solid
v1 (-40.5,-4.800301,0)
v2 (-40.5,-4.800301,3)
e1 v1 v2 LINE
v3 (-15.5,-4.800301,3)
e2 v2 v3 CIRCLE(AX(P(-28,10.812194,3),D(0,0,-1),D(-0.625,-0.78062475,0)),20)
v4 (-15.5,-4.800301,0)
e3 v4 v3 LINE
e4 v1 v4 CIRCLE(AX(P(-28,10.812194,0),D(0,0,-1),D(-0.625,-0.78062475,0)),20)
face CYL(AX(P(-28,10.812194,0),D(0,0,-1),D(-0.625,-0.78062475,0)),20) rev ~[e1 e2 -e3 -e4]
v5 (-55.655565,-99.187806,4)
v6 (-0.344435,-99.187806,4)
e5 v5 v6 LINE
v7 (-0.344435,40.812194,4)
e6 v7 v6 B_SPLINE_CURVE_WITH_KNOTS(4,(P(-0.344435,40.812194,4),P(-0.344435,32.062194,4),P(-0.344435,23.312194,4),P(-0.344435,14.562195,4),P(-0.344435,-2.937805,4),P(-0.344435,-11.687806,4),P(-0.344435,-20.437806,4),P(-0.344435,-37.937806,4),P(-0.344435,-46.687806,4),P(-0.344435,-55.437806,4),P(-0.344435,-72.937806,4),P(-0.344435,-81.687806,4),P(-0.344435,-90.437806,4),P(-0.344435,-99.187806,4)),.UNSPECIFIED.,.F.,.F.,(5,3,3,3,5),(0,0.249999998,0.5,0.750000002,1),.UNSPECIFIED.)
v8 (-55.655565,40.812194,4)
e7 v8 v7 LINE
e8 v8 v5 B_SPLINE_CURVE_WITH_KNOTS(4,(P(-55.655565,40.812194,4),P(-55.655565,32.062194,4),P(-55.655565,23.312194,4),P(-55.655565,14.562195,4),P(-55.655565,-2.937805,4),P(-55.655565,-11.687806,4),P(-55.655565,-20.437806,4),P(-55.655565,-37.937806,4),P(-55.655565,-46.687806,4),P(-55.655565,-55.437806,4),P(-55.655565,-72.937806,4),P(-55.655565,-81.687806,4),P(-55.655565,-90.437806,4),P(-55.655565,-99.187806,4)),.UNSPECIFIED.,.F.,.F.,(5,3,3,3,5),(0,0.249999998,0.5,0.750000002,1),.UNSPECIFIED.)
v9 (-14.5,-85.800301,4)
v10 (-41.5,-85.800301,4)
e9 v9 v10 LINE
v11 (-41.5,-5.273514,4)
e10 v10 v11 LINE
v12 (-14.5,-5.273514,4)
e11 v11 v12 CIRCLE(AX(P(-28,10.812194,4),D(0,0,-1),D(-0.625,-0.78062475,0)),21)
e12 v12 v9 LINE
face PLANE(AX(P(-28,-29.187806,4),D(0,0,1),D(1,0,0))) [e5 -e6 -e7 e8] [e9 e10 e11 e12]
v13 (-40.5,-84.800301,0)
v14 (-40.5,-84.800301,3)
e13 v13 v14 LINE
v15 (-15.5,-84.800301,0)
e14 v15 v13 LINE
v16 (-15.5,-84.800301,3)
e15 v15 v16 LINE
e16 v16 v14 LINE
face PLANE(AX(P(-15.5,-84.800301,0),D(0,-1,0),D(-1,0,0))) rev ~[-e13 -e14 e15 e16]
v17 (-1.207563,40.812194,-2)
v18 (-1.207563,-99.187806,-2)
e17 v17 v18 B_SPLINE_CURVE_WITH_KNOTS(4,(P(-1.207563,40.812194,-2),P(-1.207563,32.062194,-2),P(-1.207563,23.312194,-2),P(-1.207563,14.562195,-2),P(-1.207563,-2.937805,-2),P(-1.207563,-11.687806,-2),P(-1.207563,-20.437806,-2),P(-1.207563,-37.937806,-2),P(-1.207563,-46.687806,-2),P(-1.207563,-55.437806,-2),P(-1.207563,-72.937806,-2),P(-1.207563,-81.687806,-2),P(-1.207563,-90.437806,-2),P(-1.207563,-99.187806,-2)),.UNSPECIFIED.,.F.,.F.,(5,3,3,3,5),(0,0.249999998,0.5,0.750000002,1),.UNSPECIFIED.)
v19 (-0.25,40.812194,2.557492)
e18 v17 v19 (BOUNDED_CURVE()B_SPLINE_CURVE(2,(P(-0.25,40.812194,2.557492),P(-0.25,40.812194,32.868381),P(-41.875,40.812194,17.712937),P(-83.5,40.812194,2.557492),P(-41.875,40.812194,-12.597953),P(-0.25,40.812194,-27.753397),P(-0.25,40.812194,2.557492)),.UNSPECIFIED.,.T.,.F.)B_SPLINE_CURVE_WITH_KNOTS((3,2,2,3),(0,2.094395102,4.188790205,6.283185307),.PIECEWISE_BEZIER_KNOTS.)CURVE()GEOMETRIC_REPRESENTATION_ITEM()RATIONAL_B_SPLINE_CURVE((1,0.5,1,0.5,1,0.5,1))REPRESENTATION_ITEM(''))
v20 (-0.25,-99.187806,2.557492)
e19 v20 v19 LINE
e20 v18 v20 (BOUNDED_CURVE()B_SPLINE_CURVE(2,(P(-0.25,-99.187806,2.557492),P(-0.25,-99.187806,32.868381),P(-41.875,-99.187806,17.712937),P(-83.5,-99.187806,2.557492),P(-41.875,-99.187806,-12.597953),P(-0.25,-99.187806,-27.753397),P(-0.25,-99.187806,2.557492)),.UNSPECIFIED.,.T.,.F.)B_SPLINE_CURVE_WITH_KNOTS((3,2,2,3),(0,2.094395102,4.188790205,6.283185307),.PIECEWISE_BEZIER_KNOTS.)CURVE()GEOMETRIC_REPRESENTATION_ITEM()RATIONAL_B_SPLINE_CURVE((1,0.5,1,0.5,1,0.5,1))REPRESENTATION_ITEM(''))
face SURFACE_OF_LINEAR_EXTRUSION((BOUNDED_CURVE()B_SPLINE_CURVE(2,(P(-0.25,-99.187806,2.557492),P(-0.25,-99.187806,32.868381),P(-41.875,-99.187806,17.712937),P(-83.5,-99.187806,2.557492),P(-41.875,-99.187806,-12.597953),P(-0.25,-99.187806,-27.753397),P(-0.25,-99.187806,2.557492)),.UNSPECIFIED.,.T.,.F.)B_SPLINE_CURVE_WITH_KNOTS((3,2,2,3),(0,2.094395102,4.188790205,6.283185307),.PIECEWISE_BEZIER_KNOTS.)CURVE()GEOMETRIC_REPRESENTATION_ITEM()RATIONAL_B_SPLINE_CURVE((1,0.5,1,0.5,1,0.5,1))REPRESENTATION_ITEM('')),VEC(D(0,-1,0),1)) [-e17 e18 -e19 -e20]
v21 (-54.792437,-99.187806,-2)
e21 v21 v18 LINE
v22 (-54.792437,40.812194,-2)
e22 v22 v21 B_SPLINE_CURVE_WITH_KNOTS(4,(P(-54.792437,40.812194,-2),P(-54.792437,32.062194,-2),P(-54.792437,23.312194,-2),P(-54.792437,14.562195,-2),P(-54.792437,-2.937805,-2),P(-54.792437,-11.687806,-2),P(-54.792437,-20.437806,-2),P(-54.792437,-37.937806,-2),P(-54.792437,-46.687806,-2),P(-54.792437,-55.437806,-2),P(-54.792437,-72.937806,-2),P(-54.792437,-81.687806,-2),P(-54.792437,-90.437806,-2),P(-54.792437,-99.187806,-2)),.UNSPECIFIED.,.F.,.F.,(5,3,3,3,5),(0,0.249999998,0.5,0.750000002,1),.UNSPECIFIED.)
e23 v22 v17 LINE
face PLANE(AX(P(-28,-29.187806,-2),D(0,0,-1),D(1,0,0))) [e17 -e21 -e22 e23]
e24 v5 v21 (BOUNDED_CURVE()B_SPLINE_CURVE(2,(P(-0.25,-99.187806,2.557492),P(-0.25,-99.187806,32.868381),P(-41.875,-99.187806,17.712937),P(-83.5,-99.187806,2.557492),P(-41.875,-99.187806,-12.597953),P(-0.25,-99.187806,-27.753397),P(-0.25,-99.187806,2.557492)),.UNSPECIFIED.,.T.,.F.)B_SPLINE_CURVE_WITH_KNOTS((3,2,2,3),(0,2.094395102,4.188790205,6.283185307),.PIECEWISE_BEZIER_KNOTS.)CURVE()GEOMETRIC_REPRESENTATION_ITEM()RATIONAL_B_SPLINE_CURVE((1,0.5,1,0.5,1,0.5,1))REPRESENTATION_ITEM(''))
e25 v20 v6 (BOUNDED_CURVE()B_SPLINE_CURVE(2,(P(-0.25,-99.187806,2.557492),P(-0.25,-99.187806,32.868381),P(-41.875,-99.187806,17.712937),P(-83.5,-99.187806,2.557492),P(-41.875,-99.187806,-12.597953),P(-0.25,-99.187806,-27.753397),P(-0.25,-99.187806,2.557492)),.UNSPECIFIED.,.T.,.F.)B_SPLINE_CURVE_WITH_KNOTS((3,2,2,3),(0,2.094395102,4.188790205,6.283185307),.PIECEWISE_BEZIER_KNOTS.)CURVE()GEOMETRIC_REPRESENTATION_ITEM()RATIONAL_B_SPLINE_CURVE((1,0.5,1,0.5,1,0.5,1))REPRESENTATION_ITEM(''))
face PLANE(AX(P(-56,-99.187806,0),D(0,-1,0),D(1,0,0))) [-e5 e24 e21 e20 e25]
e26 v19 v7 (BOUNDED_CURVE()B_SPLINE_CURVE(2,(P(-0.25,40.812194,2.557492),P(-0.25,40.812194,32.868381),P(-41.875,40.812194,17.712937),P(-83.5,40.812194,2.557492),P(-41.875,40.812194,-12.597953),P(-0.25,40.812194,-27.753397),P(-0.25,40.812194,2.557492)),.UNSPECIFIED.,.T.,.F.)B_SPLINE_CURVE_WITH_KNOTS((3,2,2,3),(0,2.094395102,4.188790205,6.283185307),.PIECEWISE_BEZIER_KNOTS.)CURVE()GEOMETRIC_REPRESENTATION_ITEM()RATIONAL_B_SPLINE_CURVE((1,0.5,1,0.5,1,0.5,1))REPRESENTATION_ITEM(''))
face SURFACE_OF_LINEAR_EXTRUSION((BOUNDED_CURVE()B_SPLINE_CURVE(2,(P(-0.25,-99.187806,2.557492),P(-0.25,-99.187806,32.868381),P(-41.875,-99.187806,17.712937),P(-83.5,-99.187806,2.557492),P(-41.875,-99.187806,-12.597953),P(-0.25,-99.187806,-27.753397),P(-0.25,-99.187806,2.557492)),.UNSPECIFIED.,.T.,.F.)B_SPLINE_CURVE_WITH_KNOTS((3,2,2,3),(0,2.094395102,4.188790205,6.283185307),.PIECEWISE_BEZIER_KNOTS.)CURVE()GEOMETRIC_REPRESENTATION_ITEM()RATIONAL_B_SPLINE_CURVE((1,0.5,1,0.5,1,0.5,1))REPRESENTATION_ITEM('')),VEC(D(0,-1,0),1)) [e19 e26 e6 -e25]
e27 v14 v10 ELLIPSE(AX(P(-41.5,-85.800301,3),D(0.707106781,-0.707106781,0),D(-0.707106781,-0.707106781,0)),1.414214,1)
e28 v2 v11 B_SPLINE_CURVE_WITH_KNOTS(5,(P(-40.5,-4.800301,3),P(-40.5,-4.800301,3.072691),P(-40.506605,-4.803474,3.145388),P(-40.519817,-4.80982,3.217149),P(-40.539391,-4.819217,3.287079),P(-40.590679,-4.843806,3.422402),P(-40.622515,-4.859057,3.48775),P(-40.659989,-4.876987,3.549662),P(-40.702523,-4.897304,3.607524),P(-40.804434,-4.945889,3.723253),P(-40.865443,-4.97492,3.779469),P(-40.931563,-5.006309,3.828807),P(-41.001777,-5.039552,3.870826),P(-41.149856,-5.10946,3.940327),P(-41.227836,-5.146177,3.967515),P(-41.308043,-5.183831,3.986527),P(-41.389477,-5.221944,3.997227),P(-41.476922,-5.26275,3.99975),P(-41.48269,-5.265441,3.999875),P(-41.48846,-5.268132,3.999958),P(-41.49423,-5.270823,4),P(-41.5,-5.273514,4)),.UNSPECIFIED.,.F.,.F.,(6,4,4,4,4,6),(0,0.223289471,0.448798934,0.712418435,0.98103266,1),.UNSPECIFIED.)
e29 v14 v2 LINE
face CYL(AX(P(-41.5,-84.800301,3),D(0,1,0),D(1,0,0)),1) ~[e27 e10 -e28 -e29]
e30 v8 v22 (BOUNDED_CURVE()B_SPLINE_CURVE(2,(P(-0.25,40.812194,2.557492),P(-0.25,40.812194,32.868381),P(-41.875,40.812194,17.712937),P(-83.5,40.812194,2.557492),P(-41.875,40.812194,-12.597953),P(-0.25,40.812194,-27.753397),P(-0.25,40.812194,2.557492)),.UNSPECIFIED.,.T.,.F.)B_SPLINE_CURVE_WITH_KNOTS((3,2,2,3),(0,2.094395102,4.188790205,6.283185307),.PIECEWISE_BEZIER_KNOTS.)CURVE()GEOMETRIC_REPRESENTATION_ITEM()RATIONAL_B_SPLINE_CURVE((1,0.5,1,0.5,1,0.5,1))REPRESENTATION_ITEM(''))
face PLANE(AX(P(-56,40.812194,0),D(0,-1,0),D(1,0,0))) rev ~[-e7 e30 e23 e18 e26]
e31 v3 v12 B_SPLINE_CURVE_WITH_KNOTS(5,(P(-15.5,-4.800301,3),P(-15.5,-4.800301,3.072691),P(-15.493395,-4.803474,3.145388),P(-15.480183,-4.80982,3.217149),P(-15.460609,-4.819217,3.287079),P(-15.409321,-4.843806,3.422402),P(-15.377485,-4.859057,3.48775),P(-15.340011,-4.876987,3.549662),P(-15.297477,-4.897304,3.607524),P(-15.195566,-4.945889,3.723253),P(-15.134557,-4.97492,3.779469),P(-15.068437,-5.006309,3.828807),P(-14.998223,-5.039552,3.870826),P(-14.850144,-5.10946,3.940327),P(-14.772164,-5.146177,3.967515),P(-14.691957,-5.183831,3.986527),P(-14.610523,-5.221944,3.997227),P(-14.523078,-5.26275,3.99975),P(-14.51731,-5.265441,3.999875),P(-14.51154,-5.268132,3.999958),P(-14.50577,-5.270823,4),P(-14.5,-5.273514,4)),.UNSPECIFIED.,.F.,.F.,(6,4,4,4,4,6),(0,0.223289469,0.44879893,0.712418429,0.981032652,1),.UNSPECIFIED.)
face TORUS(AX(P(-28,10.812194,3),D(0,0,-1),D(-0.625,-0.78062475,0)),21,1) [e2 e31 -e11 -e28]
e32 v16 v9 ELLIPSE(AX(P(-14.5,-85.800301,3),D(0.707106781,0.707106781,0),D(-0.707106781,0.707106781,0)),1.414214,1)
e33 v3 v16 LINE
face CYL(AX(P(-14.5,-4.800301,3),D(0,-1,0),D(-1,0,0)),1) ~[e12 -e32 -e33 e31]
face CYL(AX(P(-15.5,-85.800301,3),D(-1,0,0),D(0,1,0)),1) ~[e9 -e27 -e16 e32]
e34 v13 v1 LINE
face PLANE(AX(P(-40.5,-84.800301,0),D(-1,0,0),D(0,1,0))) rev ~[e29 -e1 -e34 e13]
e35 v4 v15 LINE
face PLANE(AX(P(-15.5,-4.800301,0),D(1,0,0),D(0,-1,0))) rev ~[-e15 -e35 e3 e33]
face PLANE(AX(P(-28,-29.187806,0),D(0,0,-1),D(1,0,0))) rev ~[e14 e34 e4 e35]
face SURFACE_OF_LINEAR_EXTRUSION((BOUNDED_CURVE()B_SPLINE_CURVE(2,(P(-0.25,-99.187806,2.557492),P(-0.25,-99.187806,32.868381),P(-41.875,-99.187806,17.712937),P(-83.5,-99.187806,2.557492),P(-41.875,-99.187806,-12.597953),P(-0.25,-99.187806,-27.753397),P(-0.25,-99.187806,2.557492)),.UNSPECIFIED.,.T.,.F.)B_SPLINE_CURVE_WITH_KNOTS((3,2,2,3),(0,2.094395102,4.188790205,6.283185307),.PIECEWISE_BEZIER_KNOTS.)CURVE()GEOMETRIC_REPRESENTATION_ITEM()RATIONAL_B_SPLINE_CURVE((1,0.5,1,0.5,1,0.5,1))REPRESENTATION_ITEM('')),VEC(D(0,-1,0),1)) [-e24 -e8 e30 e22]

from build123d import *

# Parameters (mm, degrees)
F0_W     = 56
F0_H     = 140
F1_DEPTH = 4
F2_R     = 1
F3_W     = 56
F3_H     = 140
F4_DEPTH = 2
F6_DEPTH = 140


with BuildPart() as f1:
    # F0 (on Top) → F1 (new body)
    with BuildSketch(Plane.XY):
        with Locations((-28, -29.1878056526)):
            Rectangle(F0_W, F0_H)
        with BuildLine():
            ThreePointArc((-40.5, -4.8003006486), (-36.6602540378, 28.8399507247), (-8, 10.8121943474))
            ThreePointArc((-8, 10.8121943474), (-9.9722436227, 2.1519403095), (-15.5, -4.8003006486))
            Line((-15.5, -4.8003006486), (-15.5, -84.8003006486))
            Line((-15.5, -84.8003006486), (-40.5, -84.8003006486))
            Line((-40.5, -84.8003006486), (-40.5, -4.8003006486))
        make_face(mode=Mode.SUBTRACT)
    extrude(amount=F1_DEPTH)

    # F2
    f2_edges = [f1.edges().sort_by_distance(p)[0] for p in [
        (-36.660254, 28.839951, 4),
        (-28, -84.800301, 4),
        (-15.5, -44.800301, 4),
        (-40.5, -44.800301, 4),
    ]]
    fillet(f2_edges, radius=F2_R)

    # F3 (on face) → F4 (join)
    with BuildSketch(Plane(origin=(0, 0, 0), x_dir=(1, 0, 0), z_dir=(0, 0, -1))):
        with Locations((-28, 29.1878056526)):
            Rectangle(F3_W, F3_H)
    extrude(amount=F4_DEPTH)

    # F5 (on face) → F6 (cut)
    with BuildSketch(Plane.XZ.offset(99.1878056526)):
        with BuildLine():
            add(Edge.make_bspline(
                [(4.7167868723, 1.2952466803), (4.7335338345, 1.1579142358), (4.7907207583, 2.8268265821), (4.728835521, 3.7590862588), (4.550137161, 5.5569466999), (4.0878044752, 7.5497423615), (3.1530424566, 9.8821218174), (1.9056722615, 12.054913232), (0.3839834487, 14.0800693463), (-1.3922671666, 15.945478196), (-3.0668308786, 17.3457564736), (-4.5378930711, 18.4083876952), (-5.6986449343, 19.1776471354), (-6.9073685817, 19.9017205855), (-8.5528252486, 20.8065850146), (-10.6587895739, 21.8007860687), (-13.3265373851, 22.8031570282), (-16.0969822522, 23.6248737674), (-18.9575149764, 24.2714809671), (-21.896584676, 24.7375795115), (-24.3854542149, 24.9604081638), (-26.4386175024, 25.0485260723), (-28, 25.0734073731), (-29.5613824976, 25.0485260723), (-31.6145457851, 24.9604081638), (-34.103415324, 24.7375795116), (-37.0424850236, 24.2714809668), (-39.9030177479, 23.6248737687), (-42.6734626148, 22.8031570233), (-45.3412104266, 21.800786086), (-47.4471747498, 20.8065849594), (-49.0926314231, 19.9017207566), (-50.3013550503, 19.1776465923), (-51.4621069901, 18.4083898446), (-52.9331688432, 17.3457467095), (-54.607734032, 15.9455202527), (-56.3839785969, 14.0798990975), (-57.9056901102, 12.0555395434), (-59.1529762673, 9.8797992317), (-60.0880420615, 7.5580792781), (-60.5493701757, 5.5300331488), (-60.7312339418, 3.8432469623), (-60.7830452324, 2.5574920108), (-60.7312339418, 1.2717370592), (-60.5493701757, -0.4150491273), (-60.0880420615, -2.4430952566), (-59.1529762673, -4.7648152102), (-57.9056901102, -6.9405555219), (-56.3839785969, -8.964915076), (-54.607734032, -10.8305362311), (-52.9331688432, -12.230762688), (-51.4621069901, -13.2934058231), (-50.3013550503, -14.0626625708), (-49.0926314231, -14.7867367351), (-47.4471747498, -15.6916009379), (-45.3412104266, -16.6858020645), (-42.6734626148, -17.6881730018), (-39.9030177479, -18.5098897472), (-37.0424850236, -19.1564969452), (-34.103415324, -19.62259549), (-31.6145457851, -19.8454241422), (-29.5613824976, -19.9335420507), (-28, -19.9584233516), (-26.4386175024, -19.9335420507), (-24.3854542149, -19.8454241422), (-21.896584676, -19.6225954899), (-18.9575149764, -19.1564969456), (-16.0969822522, -18.5098897459), (-13.3265373851, -17.6881730067), (-10.6587895739, -16.6858020472), (-8.5528252486, -15.6916009931), (-6.9073685817, -14.786736564), (-5.6986449343, -14.0626631139), (-4.5378930711, -13.2934036737), (-3.0668308786, -12.2307724521), (-1.3922671666, -10.8304941745), (0.3839834487, -8.9650853248), (1.9056722615, -6.9399292104), (3.1530424566, -4.7671377959), (4.0878044752, -2.43475834), (4.550137161, -0.4419626784), (4.728835521, 1.3558977627), (4.7907207583, 2.2881574394), (4.6931123059, 5.1367098772), (4.6931123059, 1.4893885208), (4.7167868723, 1.2952466803)],
                knots=[0, 0, 0, 0, 0.0092598429, 0.0185196858, 0.0291851138, 0.041096994, 0.0541318454, 0.0671905669, 0.0803159225, 0.0935516852, 0.1057732622, 0.1168123825, 0.1264503427, 0.1361412644, 0.1473618238, 0.1599801884, 0.1739081794, 0.1879441959, 0.2020850355, 0.2163241554, 0.2294057764, 0.241151614, 0.2513573464, 0.2615630787, 0.2733089164, 0.2863905374, 0.3006296573, 0.3147704968, 0.3288065133, 0.3427345043, 0.3553528689, 0.3665734284, 0.3762643501, 0.3859023102, 0.3969414305, 0.4091630076, 0.4223987702, 0.4355241259, 0.4485828474, 0.4616176987, 0.4735295789, 0.4841950069, 0.4934548498, 0.5027146927, 0.5133801207, 0.525292001, 0.5383268523, 0.5513855738, 0.5645109294, 0.5777466921, 0.5899682692, 0.6010073895, 0.6106453496, 0.6203362713, 0.6315568307, 0.6441751953, 0.6581031863, 0.6721392029, 0.6862800424, 0.7005191623, 0.7136007833, 0.725346621, 0.7355523533, 0.7457580856, 0.7575039233, 0.7705855443, 0.7848246642, 0.7989655037, 0.8130015203, 0.8269295113, 0.8395478759, 0.8507684353, 0.860459357, 0.8700973171, 0.8811364374, 0.8933580145, 0.9065937771, 0.9197191328, 0.9327778543, 0.9458127056, 0.9577245858, 0.9683900139, 0.9776498568, 0.9869096997, 1, 1, 1, 1], degree=3))
        make_face()
        with BuildLine():
            add(Edge.make_bspline(
                [(-0.25, 2.5574920108), (-0.25, 32.8683811432), (-41.875, 17.712936577), (-83.5, 2.5574920108), (-41.875, -12.5979525555), (-0.25, -27.7533971217), (-0.25, 2.5574920108)],
                knots=[0, 0, 0, 2.0943951024, 2.0943951024, 4.1887902048, 4.1887902048, 6.2831853072, 6.2831853072, 6.2831853072], degree=2, weights=[1, 0.5, 1, 0.5, 1, 0.5, 1]))
        make_face(mode=Mode.SUBTRACT)
    extrude(amount=-F6_DEPTH, mode=Mode.SUBTRACT)


solid = f1.part
